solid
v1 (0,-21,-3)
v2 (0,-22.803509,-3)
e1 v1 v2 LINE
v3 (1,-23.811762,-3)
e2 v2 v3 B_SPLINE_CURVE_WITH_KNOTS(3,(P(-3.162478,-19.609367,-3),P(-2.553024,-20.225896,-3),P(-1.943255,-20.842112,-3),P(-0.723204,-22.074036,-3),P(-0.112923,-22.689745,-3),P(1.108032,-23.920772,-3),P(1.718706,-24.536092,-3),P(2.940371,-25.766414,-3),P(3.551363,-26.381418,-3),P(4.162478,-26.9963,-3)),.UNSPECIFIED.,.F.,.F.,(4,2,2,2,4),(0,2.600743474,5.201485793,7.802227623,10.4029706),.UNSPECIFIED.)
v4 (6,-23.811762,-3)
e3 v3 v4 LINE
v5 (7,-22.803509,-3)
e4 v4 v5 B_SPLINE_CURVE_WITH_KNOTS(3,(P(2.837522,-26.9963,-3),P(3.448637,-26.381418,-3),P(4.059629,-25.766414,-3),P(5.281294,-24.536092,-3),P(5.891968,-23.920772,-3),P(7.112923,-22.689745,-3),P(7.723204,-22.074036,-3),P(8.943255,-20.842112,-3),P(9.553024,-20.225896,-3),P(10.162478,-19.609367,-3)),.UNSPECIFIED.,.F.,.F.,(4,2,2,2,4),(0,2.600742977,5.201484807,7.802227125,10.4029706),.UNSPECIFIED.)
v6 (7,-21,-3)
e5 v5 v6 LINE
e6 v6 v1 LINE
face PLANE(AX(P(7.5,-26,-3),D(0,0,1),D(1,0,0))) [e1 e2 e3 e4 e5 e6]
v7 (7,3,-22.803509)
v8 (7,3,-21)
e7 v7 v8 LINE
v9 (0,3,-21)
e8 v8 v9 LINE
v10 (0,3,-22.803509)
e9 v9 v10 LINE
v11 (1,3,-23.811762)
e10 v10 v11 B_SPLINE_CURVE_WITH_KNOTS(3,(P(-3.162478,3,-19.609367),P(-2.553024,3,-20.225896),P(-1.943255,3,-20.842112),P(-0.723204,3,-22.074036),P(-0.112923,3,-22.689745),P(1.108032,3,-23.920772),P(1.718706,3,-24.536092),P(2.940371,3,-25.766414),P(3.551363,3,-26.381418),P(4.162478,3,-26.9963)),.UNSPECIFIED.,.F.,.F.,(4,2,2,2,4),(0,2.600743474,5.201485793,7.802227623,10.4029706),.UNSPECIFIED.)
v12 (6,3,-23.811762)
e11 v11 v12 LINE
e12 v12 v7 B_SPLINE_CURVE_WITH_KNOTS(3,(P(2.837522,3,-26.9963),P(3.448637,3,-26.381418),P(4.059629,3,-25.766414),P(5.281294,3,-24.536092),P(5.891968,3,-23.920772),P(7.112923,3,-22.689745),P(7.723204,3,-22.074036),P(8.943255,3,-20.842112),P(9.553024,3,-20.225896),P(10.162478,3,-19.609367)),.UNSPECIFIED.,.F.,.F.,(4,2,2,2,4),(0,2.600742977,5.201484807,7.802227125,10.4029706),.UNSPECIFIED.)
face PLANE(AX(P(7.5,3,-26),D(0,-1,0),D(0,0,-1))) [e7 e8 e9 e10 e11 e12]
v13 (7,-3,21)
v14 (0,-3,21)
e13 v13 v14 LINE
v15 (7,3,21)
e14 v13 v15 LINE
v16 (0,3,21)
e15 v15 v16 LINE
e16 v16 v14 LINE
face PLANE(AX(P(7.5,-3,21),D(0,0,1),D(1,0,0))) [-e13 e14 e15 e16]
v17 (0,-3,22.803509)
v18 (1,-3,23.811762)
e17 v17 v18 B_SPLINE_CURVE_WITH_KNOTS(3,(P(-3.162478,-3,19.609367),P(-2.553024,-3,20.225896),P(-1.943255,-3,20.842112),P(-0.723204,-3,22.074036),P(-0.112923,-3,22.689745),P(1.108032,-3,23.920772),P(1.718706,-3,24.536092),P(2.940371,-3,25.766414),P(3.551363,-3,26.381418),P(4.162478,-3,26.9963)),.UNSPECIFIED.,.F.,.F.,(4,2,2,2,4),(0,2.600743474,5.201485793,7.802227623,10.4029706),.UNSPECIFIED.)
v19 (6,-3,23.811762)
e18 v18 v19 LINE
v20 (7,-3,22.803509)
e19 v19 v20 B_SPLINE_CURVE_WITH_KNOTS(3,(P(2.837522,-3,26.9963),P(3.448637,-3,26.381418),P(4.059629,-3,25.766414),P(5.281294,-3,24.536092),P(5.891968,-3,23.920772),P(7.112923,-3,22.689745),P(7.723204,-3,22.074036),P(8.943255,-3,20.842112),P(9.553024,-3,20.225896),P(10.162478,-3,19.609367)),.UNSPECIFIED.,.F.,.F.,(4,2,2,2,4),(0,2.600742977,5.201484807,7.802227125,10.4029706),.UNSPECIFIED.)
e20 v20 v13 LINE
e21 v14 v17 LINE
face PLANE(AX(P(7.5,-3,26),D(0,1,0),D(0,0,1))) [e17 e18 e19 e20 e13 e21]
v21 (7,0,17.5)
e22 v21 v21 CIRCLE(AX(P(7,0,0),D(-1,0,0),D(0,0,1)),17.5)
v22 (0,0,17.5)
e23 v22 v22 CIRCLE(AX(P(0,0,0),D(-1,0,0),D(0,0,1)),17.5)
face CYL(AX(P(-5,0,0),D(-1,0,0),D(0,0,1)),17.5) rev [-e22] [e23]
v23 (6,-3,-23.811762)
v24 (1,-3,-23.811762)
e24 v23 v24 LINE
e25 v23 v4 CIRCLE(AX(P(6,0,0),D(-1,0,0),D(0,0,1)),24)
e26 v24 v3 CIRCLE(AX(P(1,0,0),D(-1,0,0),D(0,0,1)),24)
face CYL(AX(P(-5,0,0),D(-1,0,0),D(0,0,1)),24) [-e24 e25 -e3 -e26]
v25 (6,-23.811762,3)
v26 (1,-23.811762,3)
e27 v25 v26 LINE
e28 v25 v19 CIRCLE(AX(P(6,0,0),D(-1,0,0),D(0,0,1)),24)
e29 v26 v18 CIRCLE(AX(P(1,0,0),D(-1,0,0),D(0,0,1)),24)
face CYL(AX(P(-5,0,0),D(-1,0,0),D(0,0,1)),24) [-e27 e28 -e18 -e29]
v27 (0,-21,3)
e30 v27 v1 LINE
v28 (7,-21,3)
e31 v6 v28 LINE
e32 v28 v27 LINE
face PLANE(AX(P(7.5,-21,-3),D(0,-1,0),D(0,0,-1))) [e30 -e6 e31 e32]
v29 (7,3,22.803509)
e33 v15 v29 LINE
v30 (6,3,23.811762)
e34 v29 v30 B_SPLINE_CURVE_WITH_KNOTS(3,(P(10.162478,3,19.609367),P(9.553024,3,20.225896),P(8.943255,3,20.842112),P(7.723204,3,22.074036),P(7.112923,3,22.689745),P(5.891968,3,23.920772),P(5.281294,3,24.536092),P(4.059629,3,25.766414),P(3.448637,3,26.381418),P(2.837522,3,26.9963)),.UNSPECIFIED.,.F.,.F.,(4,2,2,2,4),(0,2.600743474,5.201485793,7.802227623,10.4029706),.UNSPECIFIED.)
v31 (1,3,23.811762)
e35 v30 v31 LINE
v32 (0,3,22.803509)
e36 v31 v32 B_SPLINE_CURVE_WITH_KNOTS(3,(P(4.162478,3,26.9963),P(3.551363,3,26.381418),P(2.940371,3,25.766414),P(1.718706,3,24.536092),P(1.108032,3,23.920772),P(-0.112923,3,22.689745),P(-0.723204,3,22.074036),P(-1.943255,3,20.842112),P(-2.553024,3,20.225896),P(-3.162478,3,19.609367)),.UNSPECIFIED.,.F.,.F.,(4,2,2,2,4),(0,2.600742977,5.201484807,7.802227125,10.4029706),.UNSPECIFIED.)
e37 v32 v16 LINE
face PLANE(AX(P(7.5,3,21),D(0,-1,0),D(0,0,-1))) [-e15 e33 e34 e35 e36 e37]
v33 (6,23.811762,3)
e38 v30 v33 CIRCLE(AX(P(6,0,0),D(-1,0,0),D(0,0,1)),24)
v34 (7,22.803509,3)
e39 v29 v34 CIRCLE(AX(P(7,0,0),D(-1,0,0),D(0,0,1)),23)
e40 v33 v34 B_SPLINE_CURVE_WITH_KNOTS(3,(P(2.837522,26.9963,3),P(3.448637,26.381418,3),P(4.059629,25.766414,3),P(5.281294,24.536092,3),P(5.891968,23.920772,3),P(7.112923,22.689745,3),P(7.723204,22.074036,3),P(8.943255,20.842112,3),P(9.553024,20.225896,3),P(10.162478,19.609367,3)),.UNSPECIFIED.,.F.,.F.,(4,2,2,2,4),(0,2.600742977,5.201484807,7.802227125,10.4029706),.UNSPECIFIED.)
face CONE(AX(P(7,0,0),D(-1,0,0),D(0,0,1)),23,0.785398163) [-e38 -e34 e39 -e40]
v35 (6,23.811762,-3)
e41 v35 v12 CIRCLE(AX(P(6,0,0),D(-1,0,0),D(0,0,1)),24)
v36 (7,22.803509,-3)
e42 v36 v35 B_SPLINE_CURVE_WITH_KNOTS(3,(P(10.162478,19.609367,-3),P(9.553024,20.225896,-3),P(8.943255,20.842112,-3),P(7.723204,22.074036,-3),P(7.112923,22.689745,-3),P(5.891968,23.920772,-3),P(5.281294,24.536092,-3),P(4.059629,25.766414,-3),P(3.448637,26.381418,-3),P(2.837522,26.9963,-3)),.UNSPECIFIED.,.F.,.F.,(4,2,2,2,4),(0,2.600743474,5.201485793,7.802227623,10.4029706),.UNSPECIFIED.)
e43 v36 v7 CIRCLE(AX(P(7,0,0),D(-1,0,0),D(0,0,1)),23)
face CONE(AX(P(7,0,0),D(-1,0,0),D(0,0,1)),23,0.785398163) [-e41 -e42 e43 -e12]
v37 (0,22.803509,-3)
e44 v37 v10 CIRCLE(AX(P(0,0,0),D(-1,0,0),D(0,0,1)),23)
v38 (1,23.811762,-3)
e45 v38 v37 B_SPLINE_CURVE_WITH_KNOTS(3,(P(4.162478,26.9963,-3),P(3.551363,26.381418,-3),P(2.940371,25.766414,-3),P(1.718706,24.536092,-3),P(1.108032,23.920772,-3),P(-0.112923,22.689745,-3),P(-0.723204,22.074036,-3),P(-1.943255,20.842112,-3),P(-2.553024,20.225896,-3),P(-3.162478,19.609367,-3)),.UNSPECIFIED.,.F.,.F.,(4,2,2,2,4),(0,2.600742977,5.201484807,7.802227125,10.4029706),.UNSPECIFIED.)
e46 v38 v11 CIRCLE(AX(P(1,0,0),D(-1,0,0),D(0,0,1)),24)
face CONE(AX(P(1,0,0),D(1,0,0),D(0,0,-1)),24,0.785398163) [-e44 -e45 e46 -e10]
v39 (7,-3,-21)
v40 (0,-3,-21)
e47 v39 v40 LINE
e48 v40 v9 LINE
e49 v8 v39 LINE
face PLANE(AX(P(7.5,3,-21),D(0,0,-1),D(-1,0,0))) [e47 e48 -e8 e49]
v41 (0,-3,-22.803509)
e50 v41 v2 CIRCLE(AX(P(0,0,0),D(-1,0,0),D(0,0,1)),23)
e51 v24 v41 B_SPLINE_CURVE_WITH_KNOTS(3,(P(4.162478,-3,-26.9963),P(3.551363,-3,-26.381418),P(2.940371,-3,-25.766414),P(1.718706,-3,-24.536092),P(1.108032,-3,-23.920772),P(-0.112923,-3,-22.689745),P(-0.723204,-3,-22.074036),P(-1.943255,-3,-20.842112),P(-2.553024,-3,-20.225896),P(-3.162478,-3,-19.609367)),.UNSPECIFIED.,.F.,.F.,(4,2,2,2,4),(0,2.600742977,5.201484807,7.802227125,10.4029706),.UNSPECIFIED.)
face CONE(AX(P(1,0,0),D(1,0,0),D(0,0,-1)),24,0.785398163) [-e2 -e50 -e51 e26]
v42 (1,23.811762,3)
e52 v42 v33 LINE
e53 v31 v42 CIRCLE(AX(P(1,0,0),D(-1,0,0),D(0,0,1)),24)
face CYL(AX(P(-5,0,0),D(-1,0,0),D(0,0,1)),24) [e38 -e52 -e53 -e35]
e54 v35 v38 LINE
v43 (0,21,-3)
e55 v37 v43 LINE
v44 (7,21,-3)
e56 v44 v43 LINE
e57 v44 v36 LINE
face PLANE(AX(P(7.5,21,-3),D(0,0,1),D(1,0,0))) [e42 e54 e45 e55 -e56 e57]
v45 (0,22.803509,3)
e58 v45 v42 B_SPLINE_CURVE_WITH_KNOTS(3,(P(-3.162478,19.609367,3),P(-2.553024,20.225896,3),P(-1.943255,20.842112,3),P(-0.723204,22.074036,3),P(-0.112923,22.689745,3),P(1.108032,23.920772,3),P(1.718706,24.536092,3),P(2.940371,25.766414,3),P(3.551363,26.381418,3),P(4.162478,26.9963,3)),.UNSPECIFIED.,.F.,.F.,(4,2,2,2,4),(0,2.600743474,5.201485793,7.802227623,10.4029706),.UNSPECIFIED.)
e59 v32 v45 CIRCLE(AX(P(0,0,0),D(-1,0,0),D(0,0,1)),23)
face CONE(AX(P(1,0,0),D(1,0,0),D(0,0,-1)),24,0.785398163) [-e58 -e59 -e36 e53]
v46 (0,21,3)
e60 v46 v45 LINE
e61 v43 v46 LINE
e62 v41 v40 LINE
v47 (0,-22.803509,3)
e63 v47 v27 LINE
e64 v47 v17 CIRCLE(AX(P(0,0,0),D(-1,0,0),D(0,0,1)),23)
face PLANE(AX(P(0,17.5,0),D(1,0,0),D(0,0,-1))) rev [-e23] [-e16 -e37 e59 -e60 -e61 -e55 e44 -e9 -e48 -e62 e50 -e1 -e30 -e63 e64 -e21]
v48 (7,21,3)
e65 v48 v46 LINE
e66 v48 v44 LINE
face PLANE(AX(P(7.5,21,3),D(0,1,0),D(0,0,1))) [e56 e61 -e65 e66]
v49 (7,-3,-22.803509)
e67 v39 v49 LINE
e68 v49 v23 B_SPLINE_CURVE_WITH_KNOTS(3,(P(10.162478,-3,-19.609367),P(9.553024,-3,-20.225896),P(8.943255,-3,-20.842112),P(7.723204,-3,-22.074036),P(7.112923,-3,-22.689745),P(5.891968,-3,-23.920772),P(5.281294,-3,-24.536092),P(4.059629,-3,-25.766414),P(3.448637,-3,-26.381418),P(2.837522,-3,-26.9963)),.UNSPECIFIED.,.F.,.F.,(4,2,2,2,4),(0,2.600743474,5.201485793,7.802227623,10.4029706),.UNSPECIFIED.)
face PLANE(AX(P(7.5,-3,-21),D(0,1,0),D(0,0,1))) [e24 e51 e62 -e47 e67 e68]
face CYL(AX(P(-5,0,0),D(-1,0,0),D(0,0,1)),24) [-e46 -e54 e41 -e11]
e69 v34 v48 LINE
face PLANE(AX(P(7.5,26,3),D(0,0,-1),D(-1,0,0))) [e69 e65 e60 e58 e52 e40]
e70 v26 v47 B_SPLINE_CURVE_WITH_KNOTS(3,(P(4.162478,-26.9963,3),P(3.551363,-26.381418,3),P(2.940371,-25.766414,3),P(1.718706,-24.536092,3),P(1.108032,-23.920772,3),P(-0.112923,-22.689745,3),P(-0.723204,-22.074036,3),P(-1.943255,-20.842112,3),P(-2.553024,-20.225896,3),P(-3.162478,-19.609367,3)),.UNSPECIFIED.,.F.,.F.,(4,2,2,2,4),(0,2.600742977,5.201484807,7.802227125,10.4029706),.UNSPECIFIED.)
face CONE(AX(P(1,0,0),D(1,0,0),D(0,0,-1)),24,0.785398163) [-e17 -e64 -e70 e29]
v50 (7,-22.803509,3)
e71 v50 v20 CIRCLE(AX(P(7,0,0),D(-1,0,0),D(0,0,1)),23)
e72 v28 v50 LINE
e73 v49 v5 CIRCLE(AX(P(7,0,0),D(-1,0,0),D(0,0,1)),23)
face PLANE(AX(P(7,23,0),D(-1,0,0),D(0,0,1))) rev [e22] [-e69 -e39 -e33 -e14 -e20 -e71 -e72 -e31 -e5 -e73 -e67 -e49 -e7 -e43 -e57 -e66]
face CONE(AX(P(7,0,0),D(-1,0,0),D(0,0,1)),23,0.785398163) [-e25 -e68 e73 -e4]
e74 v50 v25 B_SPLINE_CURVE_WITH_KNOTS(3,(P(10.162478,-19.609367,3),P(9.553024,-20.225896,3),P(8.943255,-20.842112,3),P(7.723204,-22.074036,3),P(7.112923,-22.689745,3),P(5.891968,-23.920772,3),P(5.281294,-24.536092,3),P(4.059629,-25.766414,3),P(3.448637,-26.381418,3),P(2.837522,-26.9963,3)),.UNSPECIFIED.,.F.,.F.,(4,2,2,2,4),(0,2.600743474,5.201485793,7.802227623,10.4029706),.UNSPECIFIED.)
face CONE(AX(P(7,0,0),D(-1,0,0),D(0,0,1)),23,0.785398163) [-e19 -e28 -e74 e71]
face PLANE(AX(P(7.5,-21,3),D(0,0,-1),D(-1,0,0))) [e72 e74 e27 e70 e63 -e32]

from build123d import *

# Parameters (mm, degrees)
SKETCH_2_W       = 5
SKETCH_2_H       = 6
SKETCH_2_W_2     = 6
SKETCH_2_H_2     = 5
F_02_SLOTS_DEPTH = 8


with BuildPart() as part:
    # 草图1 → 01_RING (revolve)
    with BuildSketch(Plane.XY, mode=Mode.PRIVATE) as f_01_ring_sk:
        Polygon((0, 17.5), (0, 23), (1, 24), (6, 24), (7, 23), (7, 17.5), align=None)
    revolve(f_01_ring_sk.sketch.rotate(Axis((-5, 0, 0), (1, 0, 0)), 90), axis=Axis((-5, 0, 0), (1, 0, 0)))

    # 草图2 → 02_SLOTS (cut)
    with BuildSketch(Plane(origin=(-0.5, 0, 0), x_dir=(0, 0, -1), z_dir=(1, 0, 0))):
        with Locations((23.5, 0)):
            Rectangle(SKETCH_2_W, SKETCH_2_H)
        with Locations((-23.5, 0)):
            Rectangle(SKETCH_2_W, SKETCH_2_H)
        with Locations((0, 23.5)):
            Rectangle(SKETCH_2_W_2, SKETCH_2_H_2)
        with Locations((0, -23.5)):
            Rectangle(SKETCH_2_W_2, SKETCH_2_H_2)
    extrude(amount=F_02_SLOTS_DEPTH, mode=Mode.SUBTRACT)


solid = part.part
